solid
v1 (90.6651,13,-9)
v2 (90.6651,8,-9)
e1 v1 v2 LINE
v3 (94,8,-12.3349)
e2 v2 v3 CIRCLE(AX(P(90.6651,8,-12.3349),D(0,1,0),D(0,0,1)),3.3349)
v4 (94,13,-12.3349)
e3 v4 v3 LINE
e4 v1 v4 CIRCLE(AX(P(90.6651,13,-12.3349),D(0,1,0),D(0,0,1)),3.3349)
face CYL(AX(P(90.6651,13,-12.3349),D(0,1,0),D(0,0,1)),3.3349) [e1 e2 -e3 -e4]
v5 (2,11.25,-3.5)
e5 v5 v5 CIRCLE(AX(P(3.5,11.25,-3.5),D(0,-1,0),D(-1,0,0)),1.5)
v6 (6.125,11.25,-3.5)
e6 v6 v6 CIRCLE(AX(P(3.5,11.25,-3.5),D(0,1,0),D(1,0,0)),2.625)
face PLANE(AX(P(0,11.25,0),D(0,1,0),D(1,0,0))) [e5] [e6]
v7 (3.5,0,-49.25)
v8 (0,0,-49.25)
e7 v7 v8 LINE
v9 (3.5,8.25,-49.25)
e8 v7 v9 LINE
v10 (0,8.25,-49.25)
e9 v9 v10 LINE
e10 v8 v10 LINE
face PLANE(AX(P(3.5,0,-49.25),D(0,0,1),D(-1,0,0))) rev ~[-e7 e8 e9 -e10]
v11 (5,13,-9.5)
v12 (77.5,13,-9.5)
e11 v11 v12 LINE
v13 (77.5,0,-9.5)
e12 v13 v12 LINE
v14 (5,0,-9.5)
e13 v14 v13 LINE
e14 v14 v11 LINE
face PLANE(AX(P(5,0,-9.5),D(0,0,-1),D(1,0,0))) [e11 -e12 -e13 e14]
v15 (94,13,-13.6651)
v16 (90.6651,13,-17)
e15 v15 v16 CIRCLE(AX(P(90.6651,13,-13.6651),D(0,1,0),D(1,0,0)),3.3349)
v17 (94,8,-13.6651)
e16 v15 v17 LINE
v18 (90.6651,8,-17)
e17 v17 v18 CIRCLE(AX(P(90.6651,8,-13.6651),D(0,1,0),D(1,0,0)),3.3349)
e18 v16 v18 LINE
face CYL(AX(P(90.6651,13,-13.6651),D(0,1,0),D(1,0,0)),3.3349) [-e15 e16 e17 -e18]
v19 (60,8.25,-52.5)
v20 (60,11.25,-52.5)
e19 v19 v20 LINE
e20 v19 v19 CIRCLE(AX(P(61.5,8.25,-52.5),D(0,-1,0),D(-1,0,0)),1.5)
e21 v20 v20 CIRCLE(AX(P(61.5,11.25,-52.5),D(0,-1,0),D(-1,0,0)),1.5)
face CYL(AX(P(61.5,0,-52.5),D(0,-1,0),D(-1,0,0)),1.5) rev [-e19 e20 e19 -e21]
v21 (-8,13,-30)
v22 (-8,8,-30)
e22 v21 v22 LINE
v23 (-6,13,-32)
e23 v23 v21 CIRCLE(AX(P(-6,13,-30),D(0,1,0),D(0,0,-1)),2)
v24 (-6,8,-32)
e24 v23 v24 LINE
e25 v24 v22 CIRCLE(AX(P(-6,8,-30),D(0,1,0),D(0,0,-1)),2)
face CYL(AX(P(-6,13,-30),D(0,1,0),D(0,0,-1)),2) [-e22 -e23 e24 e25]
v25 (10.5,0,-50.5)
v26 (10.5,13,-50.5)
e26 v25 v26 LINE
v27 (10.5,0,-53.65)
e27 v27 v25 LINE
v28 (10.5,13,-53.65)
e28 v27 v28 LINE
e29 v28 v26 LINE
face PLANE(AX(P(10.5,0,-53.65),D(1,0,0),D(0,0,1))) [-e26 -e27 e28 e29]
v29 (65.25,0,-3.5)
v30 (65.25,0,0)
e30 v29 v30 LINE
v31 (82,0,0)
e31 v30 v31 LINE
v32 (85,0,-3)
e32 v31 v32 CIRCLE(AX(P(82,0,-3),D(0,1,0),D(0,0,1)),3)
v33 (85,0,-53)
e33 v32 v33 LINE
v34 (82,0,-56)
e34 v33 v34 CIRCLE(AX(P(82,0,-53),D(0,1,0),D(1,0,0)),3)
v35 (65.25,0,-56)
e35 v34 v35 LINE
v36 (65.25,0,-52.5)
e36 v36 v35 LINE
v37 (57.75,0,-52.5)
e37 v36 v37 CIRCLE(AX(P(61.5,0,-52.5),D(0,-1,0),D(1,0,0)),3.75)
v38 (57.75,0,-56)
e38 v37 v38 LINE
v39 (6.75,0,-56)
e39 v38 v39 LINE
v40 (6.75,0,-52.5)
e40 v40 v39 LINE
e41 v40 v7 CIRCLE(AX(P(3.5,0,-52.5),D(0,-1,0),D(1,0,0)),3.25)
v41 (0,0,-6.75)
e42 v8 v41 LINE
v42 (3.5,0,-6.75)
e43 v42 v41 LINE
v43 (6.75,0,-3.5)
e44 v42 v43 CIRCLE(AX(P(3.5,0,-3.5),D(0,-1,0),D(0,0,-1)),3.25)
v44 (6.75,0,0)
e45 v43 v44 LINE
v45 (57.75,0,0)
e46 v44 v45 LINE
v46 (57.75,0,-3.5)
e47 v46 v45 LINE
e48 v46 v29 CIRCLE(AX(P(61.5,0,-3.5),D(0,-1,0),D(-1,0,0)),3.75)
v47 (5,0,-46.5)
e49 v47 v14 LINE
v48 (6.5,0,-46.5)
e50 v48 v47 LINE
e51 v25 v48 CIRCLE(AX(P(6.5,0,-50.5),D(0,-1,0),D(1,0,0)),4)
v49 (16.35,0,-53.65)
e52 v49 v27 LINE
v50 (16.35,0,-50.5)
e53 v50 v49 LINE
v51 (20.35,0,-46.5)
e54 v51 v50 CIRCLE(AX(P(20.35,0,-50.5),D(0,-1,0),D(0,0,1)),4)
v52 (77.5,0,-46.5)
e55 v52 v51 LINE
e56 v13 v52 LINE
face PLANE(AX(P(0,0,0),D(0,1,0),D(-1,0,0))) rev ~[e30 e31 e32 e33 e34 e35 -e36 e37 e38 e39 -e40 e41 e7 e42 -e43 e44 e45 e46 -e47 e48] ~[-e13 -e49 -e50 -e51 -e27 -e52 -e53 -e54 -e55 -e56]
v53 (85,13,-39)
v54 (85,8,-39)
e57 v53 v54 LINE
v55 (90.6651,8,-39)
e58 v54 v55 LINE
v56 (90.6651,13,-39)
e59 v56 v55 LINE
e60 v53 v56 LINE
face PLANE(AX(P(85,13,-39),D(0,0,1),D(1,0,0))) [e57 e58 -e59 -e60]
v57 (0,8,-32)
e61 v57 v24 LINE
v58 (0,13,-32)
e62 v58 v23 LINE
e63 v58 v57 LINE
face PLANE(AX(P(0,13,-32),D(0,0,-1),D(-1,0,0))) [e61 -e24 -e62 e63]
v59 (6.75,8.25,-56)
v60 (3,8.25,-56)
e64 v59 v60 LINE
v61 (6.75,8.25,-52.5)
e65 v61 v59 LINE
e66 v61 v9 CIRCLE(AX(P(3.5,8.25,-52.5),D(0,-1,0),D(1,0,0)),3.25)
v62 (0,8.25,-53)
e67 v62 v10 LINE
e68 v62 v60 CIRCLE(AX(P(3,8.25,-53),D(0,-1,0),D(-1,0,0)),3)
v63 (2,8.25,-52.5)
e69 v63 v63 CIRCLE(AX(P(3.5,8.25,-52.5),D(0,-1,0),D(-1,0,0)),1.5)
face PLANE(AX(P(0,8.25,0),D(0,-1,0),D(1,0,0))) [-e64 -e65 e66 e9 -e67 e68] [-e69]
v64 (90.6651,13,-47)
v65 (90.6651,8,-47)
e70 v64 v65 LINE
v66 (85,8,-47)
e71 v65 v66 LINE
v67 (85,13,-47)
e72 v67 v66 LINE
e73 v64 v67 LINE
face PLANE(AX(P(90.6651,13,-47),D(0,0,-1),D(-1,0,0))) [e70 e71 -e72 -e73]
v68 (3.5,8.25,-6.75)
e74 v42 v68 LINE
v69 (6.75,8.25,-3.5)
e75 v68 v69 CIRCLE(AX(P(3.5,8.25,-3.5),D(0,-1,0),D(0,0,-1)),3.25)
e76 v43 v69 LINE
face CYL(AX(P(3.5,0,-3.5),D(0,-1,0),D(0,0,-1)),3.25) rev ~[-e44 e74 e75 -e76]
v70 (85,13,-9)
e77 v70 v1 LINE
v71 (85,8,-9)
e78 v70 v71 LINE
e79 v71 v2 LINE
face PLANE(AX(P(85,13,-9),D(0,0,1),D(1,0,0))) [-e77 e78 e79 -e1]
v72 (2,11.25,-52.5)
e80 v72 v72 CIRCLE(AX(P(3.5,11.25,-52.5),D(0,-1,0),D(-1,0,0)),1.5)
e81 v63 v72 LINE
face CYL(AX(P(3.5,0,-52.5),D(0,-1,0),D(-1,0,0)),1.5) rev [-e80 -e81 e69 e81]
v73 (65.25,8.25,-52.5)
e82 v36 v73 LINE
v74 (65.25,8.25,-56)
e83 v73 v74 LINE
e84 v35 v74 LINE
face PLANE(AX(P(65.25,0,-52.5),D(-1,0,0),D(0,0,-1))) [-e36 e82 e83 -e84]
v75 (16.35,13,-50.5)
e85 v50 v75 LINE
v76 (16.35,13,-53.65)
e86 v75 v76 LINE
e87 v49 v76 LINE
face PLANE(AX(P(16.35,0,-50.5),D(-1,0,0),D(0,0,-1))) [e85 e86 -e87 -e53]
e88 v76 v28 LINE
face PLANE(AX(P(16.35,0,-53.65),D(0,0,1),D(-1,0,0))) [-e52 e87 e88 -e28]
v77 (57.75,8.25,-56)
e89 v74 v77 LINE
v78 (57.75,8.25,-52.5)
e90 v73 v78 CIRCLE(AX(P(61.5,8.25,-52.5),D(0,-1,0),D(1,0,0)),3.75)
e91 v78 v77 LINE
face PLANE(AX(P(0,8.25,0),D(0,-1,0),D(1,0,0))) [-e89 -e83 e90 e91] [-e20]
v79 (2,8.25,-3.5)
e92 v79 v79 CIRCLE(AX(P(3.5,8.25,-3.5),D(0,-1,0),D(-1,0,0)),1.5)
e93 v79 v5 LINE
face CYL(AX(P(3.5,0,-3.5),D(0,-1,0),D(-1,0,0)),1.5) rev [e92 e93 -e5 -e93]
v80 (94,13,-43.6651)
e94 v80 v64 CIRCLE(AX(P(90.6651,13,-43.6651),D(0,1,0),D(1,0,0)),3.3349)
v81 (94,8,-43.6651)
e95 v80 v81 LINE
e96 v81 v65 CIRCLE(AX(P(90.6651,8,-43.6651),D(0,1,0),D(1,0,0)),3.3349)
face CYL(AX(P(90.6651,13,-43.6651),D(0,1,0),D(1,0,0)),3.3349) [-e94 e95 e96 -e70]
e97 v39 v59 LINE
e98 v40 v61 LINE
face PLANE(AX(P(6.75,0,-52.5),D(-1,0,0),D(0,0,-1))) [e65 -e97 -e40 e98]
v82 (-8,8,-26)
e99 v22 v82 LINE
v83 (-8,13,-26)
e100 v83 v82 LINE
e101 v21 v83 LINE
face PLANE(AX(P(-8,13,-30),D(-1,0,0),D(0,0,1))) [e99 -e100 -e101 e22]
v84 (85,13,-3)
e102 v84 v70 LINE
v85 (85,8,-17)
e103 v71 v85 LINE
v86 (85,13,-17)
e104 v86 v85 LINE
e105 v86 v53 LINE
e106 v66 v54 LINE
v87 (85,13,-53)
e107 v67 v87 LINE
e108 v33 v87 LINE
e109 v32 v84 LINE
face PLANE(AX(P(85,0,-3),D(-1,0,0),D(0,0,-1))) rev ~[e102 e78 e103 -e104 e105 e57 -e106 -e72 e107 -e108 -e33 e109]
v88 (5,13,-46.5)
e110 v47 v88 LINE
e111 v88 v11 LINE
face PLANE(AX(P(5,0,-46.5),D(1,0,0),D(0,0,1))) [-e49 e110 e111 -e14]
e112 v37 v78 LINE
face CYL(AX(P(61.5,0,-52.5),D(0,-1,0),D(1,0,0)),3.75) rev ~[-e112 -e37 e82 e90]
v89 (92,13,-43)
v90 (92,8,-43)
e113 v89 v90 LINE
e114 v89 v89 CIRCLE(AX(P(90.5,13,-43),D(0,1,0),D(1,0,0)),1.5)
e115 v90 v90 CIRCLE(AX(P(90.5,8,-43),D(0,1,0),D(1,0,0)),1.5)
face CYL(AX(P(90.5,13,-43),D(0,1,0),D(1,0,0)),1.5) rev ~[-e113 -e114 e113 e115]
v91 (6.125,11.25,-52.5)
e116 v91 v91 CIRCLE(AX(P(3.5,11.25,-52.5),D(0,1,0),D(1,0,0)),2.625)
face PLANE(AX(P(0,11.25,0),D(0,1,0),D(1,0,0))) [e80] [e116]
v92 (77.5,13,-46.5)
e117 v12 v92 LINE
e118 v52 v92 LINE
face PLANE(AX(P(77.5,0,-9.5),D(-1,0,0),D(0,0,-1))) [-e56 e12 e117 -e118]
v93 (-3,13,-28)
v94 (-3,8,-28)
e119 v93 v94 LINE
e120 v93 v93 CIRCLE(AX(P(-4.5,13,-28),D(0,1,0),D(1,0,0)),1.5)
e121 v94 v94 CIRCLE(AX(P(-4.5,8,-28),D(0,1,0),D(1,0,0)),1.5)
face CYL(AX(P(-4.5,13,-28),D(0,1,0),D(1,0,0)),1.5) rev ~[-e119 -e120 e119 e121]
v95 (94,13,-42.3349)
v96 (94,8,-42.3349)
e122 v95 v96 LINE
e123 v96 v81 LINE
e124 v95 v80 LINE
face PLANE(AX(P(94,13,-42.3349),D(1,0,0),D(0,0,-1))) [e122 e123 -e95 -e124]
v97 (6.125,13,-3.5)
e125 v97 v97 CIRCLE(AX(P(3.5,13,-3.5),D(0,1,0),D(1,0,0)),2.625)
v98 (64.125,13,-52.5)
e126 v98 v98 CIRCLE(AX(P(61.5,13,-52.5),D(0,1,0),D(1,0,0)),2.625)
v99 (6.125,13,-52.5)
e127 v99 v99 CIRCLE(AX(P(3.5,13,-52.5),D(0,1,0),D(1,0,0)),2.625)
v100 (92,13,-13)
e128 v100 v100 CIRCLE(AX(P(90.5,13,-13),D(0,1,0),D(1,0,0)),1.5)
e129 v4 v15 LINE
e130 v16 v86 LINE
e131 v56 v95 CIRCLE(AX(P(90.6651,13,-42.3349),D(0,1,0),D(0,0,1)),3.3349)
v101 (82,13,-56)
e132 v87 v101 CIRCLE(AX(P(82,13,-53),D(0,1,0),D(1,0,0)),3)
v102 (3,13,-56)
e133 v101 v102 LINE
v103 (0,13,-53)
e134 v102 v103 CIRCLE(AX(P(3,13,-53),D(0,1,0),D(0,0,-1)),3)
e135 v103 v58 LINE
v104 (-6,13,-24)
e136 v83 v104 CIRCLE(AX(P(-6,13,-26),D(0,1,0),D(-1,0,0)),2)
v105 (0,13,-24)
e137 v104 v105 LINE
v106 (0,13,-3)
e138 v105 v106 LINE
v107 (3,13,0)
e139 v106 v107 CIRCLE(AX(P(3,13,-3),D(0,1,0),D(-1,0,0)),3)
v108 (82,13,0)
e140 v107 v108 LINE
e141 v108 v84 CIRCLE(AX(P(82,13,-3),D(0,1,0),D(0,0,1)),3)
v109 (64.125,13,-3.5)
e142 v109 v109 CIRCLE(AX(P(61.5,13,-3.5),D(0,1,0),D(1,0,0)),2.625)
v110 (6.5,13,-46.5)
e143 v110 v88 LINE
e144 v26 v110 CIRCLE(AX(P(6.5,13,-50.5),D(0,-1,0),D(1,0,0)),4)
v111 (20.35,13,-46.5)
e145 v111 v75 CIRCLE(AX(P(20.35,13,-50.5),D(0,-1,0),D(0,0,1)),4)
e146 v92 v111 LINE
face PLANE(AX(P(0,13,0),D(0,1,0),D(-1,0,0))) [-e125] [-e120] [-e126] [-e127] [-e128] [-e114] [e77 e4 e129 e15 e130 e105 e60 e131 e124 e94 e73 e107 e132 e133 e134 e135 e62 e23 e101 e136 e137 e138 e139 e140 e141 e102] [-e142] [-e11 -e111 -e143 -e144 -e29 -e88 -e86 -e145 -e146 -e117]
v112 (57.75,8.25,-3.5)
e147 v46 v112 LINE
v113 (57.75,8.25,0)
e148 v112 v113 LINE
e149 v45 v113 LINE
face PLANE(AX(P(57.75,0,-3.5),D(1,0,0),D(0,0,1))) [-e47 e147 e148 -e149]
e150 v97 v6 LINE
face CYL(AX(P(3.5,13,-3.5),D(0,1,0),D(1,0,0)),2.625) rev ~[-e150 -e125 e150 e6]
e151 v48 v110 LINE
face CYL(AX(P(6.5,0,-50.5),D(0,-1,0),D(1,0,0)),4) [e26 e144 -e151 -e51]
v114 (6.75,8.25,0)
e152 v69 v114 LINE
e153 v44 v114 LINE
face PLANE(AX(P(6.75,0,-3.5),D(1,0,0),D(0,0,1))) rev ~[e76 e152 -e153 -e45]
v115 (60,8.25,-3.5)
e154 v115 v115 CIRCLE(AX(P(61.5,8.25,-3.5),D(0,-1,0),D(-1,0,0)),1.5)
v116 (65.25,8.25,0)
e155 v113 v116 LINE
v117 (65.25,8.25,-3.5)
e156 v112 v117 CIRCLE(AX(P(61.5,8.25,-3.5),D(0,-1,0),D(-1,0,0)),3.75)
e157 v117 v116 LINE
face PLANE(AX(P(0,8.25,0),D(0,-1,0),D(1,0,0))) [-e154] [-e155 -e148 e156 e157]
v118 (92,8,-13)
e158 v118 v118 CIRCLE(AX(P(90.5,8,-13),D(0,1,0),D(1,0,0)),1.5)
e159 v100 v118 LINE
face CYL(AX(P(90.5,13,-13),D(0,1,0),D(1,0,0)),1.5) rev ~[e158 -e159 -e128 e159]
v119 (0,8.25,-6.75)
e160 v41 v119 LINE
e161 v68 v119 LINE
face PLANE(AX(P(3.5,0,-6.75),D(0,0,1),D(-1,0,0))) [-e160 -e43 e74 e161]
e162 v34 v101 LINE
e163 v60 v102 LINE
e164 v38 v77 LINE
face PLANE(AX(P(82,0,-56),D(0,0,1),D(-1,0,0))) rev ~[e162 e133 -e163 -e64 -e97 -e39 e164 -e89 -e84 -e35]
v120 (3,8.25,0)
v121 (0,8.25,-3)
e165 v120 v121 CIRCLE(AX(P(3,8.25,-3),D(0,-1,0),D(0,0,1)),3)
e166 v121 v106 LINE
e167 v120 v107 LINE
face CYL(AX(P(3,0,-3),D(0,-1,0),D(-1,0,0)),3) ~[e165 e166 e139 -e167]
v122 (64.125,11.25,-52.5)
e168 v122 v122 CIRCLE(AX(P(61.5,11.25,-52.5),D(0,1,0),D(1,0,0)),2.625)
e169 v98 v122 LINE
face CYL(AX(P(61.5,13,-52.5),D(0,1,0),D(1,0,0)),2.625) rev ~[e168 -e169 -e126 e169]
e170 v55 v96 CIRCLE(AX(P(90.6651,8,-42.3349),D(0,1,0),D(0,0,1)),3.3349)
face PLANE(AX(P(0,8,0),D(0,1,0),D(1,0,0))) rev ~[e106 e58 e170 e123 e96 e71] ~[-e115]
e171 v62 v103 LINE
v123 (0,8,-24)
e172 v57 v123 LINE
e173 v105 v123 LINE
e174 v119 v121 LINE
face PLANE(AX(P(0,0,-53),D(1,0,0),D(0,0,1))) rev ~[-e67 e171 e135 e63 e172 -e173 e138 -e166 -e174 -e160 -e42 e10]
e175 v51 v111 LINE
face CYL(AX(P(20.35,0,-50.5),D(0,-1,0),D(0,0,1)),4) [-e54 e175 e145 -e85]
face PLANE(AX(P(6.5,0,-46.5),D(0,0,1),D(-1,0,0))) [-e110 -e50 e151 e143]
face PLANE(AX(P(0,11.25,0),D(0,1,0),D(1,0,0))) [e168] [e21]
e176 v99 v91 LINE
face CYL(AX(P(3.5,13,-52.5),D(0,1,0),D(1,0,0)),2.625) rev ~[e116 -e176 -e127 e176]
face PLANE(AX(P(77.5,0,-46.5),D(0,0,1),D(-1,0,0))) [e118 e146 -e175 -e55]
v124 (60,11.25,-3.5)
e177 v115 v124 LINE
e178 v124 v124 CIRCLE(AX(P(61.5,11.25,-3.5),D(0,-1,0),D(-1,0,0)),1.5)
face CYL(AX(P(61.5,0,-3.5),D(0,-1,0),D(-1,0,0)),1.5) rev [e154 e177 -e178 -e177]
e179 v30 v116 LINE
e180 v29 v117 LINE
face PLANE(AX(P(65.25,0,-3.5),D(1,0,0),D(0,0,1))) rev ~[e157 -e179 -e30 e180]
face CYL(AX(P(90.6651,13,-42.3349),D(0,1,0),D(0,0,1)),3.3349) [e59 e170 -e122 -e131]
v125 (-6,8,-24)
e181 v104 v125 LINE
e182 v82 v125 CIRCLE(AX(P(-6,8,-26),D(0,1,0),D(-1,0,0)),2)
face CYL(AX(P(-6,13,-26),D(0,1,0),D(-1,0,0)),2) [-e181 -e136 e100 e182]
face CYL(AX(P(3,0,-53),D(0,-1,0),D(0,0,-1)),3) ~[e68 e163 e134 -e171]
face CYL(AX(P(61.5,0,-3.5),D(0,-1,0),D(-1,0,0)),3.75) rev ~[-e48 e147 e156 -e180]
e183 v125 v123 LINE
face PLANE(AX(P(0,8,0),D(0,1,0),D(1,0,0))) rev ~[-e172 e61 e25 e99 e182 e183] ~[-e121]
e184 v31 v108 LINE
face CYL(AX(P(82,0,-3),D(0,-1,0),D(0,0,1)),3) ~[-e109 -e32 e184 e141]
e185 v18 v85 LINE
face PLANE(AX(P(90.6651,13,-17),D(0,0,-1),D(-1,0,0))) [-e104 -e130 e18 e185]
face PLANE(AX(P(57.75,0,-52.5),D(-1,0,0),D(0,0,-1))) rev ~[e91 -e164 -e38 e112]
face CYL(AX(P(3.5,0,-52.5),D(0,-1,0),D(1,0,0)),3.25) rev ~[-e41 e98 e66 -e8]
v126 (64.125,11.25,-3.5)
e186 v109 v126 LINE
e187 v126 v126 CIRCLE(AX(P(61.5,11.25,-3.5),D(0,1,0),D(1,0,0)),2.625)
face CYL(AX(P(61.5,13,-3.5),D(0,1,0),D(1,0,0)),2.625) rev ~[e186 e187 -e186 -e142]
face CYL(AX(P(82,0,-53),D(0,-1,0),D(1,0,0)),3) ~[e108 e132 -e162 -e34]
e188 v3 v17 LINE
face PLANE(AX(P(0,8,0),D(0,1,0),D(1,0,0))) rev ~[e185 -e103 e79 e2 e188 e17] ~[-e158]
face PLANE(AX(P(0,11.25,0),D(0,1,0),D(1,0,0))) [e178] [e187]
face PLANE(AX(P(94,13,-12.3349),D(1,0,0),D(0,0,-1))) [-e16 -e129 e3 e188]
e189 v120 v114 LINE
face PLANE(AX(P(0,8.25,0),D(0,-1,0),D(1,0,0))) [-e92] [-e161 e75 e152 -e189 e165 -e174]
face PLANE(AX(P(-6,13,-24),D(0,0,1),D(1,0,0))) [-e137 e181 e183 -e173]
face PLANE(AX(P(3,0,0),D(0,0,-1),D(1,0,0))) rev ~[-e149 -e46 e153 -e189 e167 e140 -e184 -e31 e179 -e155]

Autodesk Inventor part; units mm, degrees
ref_plane "YZ Plane" through (0, 0, 0) normal (1, 0, 0) x (0, 1, 0)
ref_plane "XZ Plane" through (0, 0, 0) normal (0, 1, 0) x (-1, 0, 0)
ref_plane "XY Plane" through (0, 0, 0) normal (0, 0, 1) x (1, 0, 0)
sketch "Sketch1" plane through (0, 0, 0) normal (0, 1, 0) x (-1, 0, 0)
  line L0 (-3, 0) -> (-82, 0)
  line L1 (-85, -3) -> (-85, -53)
  line L2 (-82, -56) -> (-3, -56)
  line L3 (0, -53) -> (0, -3)
  arc A0 (-3, -56) -> (0, -53) centre (-3, -53) ccw
  arc A1 (0, -3) -> (-3, 0) centre (-3, -3) ccw
  arc A2 (-82, 0) -> (-85, -3) centre (-82, -3) ccw
  arc A3 (-85, -53) -> (-82, -56) centre (-82, -53) ccw
  circle A4 centre (-3.5, -52.5) radius 1.5
  circle A5 centre (-3.5, -3.5) radius 1.5
  circle A6 centre (-61.5, -52.5) radius 1.5
  circle A7 centre (-61.5, -3.5) radius 1.5
  point P0 (0, 0)
  point P1 (-85, -56)
  point P2 (-85, 0)
  point P3 (0, -56)
  dimension "d0" = 85
  dimension "d1" = 56
  dimension "d2" = 3
  dimension "d9" = 3
  dimension "d10" = 3
  dimension "d15" = 3
  dimension "d16" = 3
  dimension "d140" = 58
  dimension "d141" = 58
  dimension "d142" = 49
  dimension "d143" = 3.5
extrude "Extrusion1" add sketch "Sketch1" along normal blind 13
sketch "Sketch12" plane through (0, 0, 0) normal (0, -1, 0) x (1, 0, 0)
  line L0 (5, -9.5) -> (77.5, -9.5)
  line L1 (77.5, -9.5) -> (77.5, -46.5)
  line L2 (5, -46.5) -> (5, -9.5)
  line L3 (82, -56) -> (3, -56) projected
  line L4 (85, -3) -> (85, -53) projected
  line L5 (3, 0) -> (82, 0) projected
  line L6 (0, -53) -> (0, -3) projected
  line L7 (16.35, -50.5) -> (16.35, -53.65)
  line L8 (16.35, -53.65) -> (10.5, -53.65)
  line L9 (10.5, -53.65) -> (10.5, -50.5)
  line L10 (77.5, -46.5) -> (20.35, -46.5)
  line L11 (6.5, -46.5) -> (5, -46.5)
  arc A0 (10.5, -50.5) -> (6.5, -46.5) centre (6.5, -50.5) ccw
  arc A1 (20.35, -46.5) -> (16.35, -50.5) centre (20.35, -50.5) ccw
  point P0 (0, 0)
  point P1 (10.5, -46.5)
  point P2 (16.35, -46.5)
  dimension "d153" = 7.5
  dimension "d154" = 9.5
  dimension "d155" = 5
  dimension "d157" = 10.5
  dimension "d158" = 2.35
  dimension "d159" = 5.85
  dimension "d160" = 4
extrude "Extrusion12" cut sketch "Sketch12" against normal up to next
sketch "Sketch14" plane through (0, 13, 0) normal (0, 1, 0) x (1, 0, 0)
  circle A0 centre (3.5, 3.5) radius 1.5 projected
  circle A1 centre (3.5, 3.5) radius 2.625
  circle A2 centre (61.5, 3.5) radius 1.5 projected
  circle A3 centre (61.5, 3.5) radius 2.625
  circle A4 centre (61.5, 52.5) radius 1.5 projected
  circle A5 centre (61.5, 52.5) radius 2.625
  circle A6 centre (3.5, 52.5) radius 1.5 projected
  circle A7 centre (3.5, 52.5) radius 2.625
  point P0 (0, 0)
  dimension "d161" = 5.25
  dimension "d162" = 5.25
  dimension "d163" = 5.25
  dimension "d164" = 5.25
extrude "Extrusion14" cut sketch "Sketch14" against normal blind 1.75 contours A0 | A1 | A2 | A3 | A4 | A5 | A6 | A7
sketch "Sketch15" plane through (0, 0, 0) normal (0, -1, 0) x (1, 0, 0)
  arc A0 (3.5, -6.75) -> (6.75, -3.5) centre (3.5, -3.5) ccw
  arc A1 (57.75, -3.5) -> (65.25, -3.5) centre (61.5, -3.5) ccw
  arc A2 (65.25, -52.5) -> (57.75, -52.5) centre (61.5, -52.5) ccw
  arc A3 (6.75, -52.5) -> (3.5, -49.25) centre (3.5, -52.5) ccw
  line L0 (57.75, -3.5) -> (57.75, 0)
  line L1 (3, 0) -> (82, 0) projected
  line L2 (65.25, -3.5) -> (65.25, 0)
  line L3 (65.25, -52.5) -> (65.25, -56)
  line L4 (82, -56) -> (3, -56) projected
  line L5 (57.75, -52.5) -> (57.75, -56)
  line L6 (6.75, -3.5) -> (6.75, 0)
  line L7 (3.5, -6.75) -> (0, -6.75)
  line L8 (0, -53) -> (0, -3) projected
  line L9 (3.5, -49.25) -> (0, -49.25)
  line L10 (6.75, -52.5) -> (6.75, -56)
  line L11 (65.25, 0) -> (57.75, 0)
  line L12 (65.25, -56) -> (57.75, -56)
  arc A4 (0, -53) -> (3, -56) centre (3, -53) ccw projected
  line L13 (6.75, -56) -> (3, -56)
  line L14 (0, -49.25) -> (0, -53)
  line L15 (0, -6.75) -> (0, -3)
  line L16 (3, 0) -> (6.75, 0)
  arc A5 (3, 0) -> (0, -3) centre (3, -3) ccw projected
  arc A6 (3, 0) -> (0, -3) centre (3, -3) ccw
  arc A7 (0, -53) -> (3, -56) centre (3, -53) ccw
  point P0 (0, 0)
  dimension "d167" = 6.5
  dimension "d168" = 6.5
  dimension "d169" = 7.5
  dimension "d170" = 7.5
extrude "Extrusion15" cut sketch "Sketch15" against normal blind 8.25
sketch "Sketch16" plane through (0, 13, 0) normal (0, 1, 0) x (1, 0, 0)
  line L0 (5, 9.5) -> (5, 46.5) projected
  line L1 (0, 49.25) -> (0, 6.75) projected
  line L2 (0, 32) -> (-6, 32)
  line L3 (-8, 30) -> (-8, 26)
  line L4 (-6, 24) -> (0, 24)
  line L5 (0, 24) -> (0, 32)
  circle A0 centre (-4.5, 28) radius 1.5
  arc A1 (-6, 32) -> (-8, 30) centre (-6, 30) ccw
  arc A2 (-8, 26) -> (-6, 24) centre (-6, 26) ccw
  line L6 (3, 0) -> (82, 0) projected
  line L7 (42.5, 0) -> (42.5, 9.5)
  line L8 (85, 39) -> (90.6651, 39)
  line L9 (94, 42.3349) -> (94, 43.6651)
  line L10 (90.6651, 47) -> (85, 47)
  line L11 (85, 47) -> (85, 39)
  circle A3 centre (90.5, 43) radius 1.5
  arc A4 (90.6651, 39) -> (94, 42.3349) centre (90.6651, 42.3349) ccw
  arc A5 (94, 43.6651) -> (90.6651, 47) centre (90.6651, 43.6651) ccw
  line L12 (85, 3) -> (85, 53) projected
  line L13 (82, 56) -> (3, 56) projected
  line L14 (85, 17) -> (85, 9)
  line L15 (90.6651, 17) -> (85, 17)
  line L16 (85, 9) -> (90.6651, 9)
  circle A6 centre (90.5, 13) radius 1.5
  arc A7 (94, 13.6651) -> (90.6651, 17) centre (90.6651, 13.6651) ccw
  line L17 (94, 12.3349) -> (94, 13.6651)
  arc A8 (90.6651, 9) -> (94, 12.3349) centre (90.6651, 12.3349) ccw
  point P0 (0, 0)
  point P1 (0, 28)
  point P2 (-8, 24)
  point P3 (-8, 32)
  point P4 (94, 47)
  point P5 (94, 39)
  point P6 (85, 28)
  point P7 (94, 17)
  point P8 (94, 9)
  point P9 (0, 24)
  dimension "d175" = 4
  dimension "d176" = 8
  dimension "d177" = 8
  dimension "d178" = 4
  dimension "d179" = 3.5
  dimension "d180" = 2
  dimension "d183" = 8
  dimension "d184" = 9
  dimension "d185" = 4
  dimension "d186" = 3.5
  dimension "d188" = 0
  dimension "d189" = 9
  dimension "d190" = 8
  dimension "d191" = 9
  dimension "d192" = 4
  dimension "d193" = 3.5
  dimension "d194" = 9
  dimension "d197" = 3
  dimension "d198" = 3
  dimension "d199" = 3
  dimension "d200" = 24
extrude "Extrusion16" add sketch "Sketch16" against normal blind 5
equation "\"d10\" = d9"
equation "\"d15\" = d9"
equation "\"d16\" = d9"
equation "\"d162\" = d161"
equation "\"d163\" = d161"
equation "\"d164\" = d161"
equation "\"d175\" = 0.5 * d176"
equation "\"d178\" = d175"
equation "\"d185\" = 0.5 * d183"
equation "\"d192\" = 0.5 * d190"
equation "\"d198\" = d197"
equation "\"d199\" = d197"
equation "\"d182\" = 0.5 * d183"
properties part number "Pi3BatteryBoard_Mockup"
